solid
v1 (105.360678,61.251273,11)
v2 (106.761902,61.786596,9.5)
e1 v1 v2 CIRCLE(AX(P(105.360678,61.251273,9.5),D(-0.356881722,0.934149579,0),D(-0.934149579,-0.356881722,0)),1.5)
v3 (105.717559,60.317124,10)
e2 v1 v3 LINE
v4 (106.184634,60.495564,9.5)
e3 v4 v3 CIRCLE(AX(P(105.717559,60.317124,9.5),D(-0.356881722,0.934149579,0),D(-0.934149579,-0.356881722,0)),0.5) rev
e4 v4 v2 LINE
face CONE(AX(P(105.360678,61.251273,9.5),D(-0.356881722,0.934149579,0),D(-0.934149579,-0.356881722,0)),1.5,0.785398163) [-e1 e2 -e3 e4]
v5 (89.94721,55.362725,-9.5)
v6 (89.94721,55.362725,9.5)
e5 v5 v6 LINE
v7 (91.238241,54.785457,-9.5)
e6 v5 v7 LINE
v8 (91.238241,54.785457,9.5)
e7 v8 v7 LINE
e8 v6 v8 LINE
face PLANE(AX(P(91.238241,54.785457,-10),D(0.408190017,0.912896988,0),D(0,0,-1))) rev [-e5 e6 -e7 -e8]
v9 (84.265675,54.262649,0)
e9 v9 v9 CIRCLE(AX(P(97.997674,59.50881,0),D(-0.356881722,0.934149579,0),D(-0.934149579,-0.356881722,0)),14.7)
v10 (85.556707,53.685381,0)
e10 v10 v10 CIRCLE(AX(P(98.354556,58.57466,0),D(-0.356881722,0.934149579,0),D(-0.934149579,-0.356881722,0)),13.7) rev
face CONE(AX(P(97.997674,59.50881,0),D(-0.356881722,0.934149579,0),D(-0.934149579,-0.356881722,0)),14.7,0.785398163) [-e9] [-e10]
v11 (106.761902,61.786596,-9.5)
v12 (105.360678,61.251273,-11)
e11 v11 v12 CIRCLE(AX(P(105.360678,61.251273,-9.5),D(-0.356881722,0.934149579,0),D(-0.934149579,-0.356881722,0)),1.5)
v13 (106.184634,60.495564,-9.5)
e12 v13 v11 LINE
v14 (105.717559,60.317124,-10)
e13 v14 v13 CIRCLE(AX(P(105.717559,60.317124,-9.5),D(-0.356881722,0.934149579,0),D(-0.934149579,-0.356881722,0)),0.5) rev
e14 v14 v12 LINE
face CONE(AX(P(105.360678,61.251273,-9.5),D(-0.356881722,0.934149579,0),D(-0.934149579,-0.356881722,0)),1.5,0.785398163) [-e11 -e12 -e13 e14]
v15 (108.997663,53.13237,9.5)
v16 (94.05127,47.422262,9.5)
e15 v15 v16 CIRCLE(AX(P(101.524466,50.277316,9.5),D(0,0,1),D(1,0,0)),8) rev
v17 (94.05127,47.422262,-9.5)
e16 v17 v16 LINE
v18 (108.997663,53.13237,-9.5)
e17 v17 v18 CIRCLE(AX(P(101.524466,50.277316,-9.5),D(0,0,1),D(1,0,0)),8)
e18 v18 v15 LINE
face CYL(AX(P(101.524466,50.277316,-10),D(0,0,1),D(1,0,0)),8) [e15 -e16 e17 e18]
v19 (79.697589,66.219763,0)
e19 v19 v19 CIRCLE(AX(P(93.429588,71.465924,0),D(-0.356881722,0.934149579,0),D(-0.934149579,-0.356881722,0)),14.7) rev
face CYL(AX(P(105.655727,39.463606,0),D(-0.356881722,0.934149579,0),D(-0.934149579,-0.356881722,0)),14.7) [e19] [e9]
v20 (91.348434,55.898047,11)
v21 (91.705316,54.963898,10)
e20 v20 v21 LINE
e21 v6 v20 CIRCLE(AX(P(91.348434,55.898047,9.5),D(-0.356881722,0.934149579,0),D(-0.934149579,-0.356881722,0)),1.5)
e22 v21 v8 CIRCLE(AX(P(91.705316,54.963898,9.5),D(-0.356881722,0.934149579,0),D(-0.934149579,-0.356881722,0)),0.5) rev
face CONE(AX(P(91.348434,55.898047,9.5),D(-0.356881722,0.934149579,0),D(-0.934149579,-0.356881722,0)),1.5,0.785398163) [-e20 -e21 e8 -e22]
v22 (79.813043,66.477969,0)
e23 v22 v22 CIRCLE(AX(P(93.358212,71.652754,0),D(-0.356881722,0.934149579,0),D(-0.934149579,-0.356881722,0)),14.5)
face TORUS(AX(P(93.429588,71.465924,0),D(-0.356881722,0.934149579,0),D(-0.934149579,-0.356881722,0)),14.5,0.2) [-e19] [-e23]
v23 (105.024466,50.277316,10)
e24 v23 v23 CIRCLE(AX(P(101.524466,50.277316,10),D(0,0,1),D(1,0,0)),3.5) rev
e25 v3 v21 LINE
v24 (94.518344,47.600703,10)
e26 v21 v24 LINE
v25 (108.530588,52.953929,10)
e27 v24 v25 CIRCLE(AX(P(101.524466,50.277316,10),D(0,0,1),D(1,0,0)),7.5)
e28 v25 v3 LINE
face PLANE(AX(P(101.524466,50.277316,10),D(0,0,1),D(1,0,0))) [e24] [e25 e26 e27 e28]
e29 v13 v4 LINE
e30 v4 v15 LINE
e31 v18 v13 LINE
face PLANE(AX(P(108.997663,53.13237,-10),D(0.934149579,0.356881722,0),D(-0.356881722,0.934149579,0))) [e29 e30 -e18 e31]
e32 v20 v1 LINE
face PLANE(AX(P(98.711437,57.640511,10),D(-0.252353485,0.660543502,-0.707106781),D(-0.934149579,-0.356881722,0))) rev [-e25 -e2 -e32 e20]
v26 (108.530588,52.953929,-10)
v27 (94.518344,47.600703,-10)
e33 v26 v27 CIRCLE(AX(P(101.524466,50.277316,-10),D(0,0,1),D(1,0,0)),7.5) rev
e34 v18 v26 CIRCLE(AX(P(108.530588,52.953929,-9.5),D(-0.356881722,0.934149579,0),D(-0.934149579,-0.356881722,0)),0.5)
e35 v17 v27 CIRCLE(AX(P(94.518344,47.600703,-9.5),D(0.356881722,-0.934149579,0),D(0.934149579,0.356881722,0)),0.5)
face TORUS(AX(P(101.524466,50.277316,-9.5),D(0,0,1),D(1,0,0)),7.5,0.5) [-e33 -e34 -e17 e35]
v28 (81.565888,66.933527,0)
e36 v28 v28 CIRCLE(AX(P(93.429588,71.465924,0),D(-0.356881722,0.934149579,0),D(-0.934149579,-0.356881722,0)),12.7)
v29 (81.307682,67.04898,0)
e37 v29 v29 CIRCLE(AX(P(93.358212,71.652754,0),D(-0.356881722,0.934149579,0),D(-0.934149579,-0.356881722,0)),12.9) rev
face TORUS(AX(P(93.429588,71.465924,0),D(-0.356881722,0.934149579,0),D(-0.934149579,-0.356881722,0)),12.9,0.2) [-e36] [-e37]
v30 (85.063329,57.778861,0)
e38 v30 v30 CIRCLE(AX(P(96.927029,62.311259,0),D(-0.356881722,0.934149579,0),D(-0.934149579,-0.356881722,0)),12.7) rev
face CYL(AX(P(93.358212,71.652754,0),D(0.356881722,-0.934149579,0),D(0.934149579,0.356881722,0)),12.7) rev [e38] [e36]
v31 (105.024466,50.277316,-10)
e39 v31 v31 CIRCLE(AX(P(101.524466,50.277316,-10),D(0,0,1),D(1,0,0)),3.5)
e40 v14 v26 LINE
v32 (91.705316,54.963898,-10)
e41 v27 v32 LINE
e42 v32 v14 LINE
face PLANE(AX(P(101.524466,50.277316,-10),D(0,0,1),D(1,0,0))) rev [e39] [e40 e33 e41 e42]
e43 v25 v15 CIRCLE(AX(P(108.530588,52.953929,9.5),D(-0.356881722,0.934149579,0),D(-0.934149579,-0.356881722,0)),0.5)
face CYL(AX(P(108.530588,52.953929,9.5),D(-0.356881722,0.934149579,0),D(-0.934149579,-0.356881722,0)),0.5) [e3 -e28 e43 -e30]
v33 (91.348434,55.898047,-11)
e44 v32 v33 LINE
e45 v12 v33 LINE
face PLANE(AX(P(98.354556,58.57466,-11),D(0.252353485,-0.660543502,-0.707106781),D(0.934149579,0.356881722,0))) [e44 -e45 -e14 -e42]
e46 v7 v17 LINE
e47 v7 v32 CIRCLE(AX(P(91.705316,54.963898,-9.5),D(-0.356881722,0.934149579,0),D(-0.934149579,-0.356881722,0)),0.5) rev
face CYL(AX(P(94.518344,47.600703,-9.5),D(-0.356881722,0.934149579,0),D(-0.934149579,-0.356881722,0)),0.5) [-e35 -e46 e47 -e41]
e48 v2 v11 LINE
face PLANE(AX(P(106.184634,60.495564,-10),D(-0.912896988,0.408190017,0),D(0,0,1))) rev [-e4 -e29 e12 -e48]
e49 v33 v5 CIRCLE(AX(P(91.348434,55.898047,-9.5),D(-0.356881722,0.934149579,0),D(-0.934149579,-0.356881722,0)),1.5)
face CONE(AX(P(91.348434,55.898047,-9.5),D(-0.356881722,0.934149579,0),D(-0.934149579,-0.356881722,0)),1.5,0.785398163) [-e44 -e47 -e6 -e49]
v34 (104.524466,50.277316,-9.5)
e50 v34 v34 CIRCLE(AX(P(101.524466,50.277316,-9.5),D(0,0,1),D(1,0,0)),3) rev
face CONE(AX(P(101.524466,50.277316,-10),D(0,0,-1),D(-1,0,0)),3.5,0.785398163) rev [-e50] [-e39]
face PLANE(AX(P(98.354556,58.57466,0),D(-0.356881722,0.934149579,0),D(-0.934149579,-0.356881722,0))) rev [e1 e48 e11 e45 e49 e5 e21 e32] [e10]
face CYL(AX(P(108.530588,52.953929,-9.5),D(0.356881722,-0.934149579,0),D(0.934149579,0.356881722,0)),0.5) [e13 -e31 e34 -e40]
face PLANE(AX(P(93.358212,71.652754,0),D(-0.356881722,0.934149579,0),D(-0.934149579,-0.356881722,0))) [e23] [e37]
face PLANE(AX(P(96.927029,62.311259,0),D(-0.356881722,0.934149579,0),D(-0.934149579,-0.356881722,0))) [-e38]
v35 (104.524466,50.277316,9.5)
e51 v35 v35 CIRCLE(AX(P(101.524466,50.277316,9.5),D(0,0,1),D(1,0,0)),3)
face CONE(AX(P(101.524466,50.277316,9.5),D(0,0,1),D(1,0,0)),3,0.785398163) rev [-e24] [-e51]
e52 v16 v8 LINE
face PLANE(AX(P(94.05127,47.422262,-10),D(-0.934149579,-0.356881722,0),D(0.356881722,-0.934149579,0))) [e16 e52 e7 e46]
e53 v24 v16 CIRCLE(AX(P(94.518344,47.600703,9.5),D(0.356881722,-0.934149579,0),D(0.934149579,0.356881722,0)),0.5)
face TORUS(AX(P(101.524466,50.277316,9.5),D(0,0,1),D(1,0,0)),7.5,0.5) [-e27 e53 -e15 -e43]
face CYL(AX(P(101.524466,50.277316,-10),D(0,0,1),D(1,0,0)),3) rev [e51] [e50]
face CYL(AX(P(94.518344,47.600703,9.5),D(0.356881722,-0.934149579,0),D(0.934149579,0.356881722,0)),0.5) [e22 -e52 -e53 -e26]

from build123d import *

# Parameters (mm, degrees)
BOSS_EXTRUDE1_DEPTH      = 10
BOSS_EXTRUDE1_DEPTH_BACK = 10
SKETCH2_R                = 3
BOSS_EXTRUDE2_DEPTH      = 1.5
BOSS_EXTRUDE2_DEPTH_BACK = 2.5
SKETCH3_R                = 15.7
BOSS_EXTRUDE4_START      = 10
SKETCH4_R                = 15.7
SKETCH4_R_2              = 12.7
BOSS_EXTRUDE4_DEPTH      = 10
FILLET6_R                = 0.5
CHAMFER1_SIZE            = 0.5
SKETCH5_R                = 19.89902312
SKETCH5_R_2              = 14.7
CUT_EXTRUDE2_DEPTH       = 135.083701085
FILLET7_R                = 0.2
CHAMFER3_SIZE            = 1


with BuildPart() as part:
    # Sketch2 → Boss-Extrude1 (new, two sides: drawn at the far end of the back side and taken through both)
    with BuildSketch(Plane.XY.offset(-BOSS_EXTRUDE1_DEPTH_BACK)):
        with BuildLine():
            Line((94.051269644, 47.422261979), (89.989154813, 58.054980417))
            Line((89.989154813, 58.054980417), (104.935548085, 63.765087962))
            Line((104.935548085, 63.765087962), (108.997662915, 53.132369524))
            ThreePointArc((108.997662915, 53.132369524), (104.379520052, 42.804119115), (94.051269644, 47.422261979))
        make_face()
        with Locations((101.52446628, 50.277315751)):
            Circle(SKETCH2_R, mode=Mode.SUBTRACT)
    extrude(amount=BOSS_EXTRUDE1_DEPTH + BOSS_EXTRUDE1_DEPTH_BACK)

    # Sketch3 → Boss-Extrude2 (add, two sides: drawn at the far end of the back side and taken through both)
    with BuildSketch(Plane(origin=(-7.892992814, 20.660166865, 0), x_dir=(0.9341495794706384, 0.3568817215476715, 0), z_dir=(-0.3568817215476715, 0.9341495794706384, 0)).offset(-BOSS_EXTRUDE2_DEPTH_BACK)):
        with Locations((112.782092481, 0)):
            Circle(SKETCH3_R)
    extrude(amount=BOSS_EXTRUDE2_DEPTH + BOSS_EXTRUDE2_DEPTH_BACK)

    # Sketch4 → Boss-Extrude4 (add)
    with BuildSketch(Plane(origin=(-8.428315397, 22.061391234, 0), x_dir=(0.9341495794706381, 0.3568817215476716, 0), z_dir=(-0.3568817215476716, 0.9341495794706383, 0)).offset(BOSS_EXTRUDE4_START)):
        with Locations((112.782092481, 0)):
            Circle(SKETCH4_R)
        with Locations((112.782092481, 0)):
            Circle(SKETCH4_R_2, mode=Mode.SUBTRACT)
    extrude(amount=-BOSS_EXTRUDE4_DEPTH)

    # Fillet6
    fillet6_edges = [part.edges().sort_by_distance(p)[0] for p in [
        (107.412707652, 57.281041768, -10),
        (104.379520052, 42.804119115, -10),
        (92.46631438, 51.570934224, -10),
        (107.412707652, 57.281041768, 10),
        (104.379520052, 42.804119115, 10),
        (92.46631438, 51.570934224, 10),
    ]]
    fillet(fillet6_edges, radius=FILLET6_R)

    # Chamfer1
    chamfer1_edges = [part.edges().sort_by_distance(p)[0] for p in [
        (98.52446628, 50.277315751, 10),
        (98.52446628, 50.277315751, -10),
    ]]
    chamfer(chamfer1_edges, length=CHAMFER1_SIZE)

    # Sketch5 → Cut-Extrude2 (cut, through all)
    with BuildSketch(Plane(origin=(-11.997132612, 31.402887029, 0), x_dir=(0.9341495794706383, 0.35688172154767156, 0), z_dir=(-0.35688172154767156, 0.9341495794706383, 0))):
        with Locations((112.782092481, 0)):
            Circle(SKETCH5_R)
        with Locations((112.782092481, 0)):
            Circle(SKETCH5_R_2, mode=Mode.SUBTRACT)
    extrude(amount=-CUT_EXTRUDE2_DEPTH, mode=Mode.SUBTRACT)

    # Fillet7
    fillet7_edges = [part.edges().sort_by_distance(p)[0] for p in [
        (79.626212833, 66.406593047, 0),
        (81.494511992, 67.12035649, 0),
    ]]
    fillet(fillet7_edges, radius=FILLET7_R)

    # Chamfer3
    chamfer3_edges = [part.edges().sort_by_distance(p)[0] for p in [
        (84.622556934, 53.328498934, 0),
        (105.69094935, 61.377449895, 9.853553391),
        (98.354555753, 58.574660241, 10),
        (91.018162155, 55.771870587, 9.853553391),
        (90.881359117, 55.719606469, 0),
        (91.018162155, 55.771870587, -9.853553391),
        (98.354555753, 58.574660241, -10),
        (105.69094935, 61.377449895, -9.853553391),
        (105.827752388, 61.429714013, 0),
    ]]
    chamfer(chamfer3_edges, length=CHAMFER3_SIZE)


solid = part.part
